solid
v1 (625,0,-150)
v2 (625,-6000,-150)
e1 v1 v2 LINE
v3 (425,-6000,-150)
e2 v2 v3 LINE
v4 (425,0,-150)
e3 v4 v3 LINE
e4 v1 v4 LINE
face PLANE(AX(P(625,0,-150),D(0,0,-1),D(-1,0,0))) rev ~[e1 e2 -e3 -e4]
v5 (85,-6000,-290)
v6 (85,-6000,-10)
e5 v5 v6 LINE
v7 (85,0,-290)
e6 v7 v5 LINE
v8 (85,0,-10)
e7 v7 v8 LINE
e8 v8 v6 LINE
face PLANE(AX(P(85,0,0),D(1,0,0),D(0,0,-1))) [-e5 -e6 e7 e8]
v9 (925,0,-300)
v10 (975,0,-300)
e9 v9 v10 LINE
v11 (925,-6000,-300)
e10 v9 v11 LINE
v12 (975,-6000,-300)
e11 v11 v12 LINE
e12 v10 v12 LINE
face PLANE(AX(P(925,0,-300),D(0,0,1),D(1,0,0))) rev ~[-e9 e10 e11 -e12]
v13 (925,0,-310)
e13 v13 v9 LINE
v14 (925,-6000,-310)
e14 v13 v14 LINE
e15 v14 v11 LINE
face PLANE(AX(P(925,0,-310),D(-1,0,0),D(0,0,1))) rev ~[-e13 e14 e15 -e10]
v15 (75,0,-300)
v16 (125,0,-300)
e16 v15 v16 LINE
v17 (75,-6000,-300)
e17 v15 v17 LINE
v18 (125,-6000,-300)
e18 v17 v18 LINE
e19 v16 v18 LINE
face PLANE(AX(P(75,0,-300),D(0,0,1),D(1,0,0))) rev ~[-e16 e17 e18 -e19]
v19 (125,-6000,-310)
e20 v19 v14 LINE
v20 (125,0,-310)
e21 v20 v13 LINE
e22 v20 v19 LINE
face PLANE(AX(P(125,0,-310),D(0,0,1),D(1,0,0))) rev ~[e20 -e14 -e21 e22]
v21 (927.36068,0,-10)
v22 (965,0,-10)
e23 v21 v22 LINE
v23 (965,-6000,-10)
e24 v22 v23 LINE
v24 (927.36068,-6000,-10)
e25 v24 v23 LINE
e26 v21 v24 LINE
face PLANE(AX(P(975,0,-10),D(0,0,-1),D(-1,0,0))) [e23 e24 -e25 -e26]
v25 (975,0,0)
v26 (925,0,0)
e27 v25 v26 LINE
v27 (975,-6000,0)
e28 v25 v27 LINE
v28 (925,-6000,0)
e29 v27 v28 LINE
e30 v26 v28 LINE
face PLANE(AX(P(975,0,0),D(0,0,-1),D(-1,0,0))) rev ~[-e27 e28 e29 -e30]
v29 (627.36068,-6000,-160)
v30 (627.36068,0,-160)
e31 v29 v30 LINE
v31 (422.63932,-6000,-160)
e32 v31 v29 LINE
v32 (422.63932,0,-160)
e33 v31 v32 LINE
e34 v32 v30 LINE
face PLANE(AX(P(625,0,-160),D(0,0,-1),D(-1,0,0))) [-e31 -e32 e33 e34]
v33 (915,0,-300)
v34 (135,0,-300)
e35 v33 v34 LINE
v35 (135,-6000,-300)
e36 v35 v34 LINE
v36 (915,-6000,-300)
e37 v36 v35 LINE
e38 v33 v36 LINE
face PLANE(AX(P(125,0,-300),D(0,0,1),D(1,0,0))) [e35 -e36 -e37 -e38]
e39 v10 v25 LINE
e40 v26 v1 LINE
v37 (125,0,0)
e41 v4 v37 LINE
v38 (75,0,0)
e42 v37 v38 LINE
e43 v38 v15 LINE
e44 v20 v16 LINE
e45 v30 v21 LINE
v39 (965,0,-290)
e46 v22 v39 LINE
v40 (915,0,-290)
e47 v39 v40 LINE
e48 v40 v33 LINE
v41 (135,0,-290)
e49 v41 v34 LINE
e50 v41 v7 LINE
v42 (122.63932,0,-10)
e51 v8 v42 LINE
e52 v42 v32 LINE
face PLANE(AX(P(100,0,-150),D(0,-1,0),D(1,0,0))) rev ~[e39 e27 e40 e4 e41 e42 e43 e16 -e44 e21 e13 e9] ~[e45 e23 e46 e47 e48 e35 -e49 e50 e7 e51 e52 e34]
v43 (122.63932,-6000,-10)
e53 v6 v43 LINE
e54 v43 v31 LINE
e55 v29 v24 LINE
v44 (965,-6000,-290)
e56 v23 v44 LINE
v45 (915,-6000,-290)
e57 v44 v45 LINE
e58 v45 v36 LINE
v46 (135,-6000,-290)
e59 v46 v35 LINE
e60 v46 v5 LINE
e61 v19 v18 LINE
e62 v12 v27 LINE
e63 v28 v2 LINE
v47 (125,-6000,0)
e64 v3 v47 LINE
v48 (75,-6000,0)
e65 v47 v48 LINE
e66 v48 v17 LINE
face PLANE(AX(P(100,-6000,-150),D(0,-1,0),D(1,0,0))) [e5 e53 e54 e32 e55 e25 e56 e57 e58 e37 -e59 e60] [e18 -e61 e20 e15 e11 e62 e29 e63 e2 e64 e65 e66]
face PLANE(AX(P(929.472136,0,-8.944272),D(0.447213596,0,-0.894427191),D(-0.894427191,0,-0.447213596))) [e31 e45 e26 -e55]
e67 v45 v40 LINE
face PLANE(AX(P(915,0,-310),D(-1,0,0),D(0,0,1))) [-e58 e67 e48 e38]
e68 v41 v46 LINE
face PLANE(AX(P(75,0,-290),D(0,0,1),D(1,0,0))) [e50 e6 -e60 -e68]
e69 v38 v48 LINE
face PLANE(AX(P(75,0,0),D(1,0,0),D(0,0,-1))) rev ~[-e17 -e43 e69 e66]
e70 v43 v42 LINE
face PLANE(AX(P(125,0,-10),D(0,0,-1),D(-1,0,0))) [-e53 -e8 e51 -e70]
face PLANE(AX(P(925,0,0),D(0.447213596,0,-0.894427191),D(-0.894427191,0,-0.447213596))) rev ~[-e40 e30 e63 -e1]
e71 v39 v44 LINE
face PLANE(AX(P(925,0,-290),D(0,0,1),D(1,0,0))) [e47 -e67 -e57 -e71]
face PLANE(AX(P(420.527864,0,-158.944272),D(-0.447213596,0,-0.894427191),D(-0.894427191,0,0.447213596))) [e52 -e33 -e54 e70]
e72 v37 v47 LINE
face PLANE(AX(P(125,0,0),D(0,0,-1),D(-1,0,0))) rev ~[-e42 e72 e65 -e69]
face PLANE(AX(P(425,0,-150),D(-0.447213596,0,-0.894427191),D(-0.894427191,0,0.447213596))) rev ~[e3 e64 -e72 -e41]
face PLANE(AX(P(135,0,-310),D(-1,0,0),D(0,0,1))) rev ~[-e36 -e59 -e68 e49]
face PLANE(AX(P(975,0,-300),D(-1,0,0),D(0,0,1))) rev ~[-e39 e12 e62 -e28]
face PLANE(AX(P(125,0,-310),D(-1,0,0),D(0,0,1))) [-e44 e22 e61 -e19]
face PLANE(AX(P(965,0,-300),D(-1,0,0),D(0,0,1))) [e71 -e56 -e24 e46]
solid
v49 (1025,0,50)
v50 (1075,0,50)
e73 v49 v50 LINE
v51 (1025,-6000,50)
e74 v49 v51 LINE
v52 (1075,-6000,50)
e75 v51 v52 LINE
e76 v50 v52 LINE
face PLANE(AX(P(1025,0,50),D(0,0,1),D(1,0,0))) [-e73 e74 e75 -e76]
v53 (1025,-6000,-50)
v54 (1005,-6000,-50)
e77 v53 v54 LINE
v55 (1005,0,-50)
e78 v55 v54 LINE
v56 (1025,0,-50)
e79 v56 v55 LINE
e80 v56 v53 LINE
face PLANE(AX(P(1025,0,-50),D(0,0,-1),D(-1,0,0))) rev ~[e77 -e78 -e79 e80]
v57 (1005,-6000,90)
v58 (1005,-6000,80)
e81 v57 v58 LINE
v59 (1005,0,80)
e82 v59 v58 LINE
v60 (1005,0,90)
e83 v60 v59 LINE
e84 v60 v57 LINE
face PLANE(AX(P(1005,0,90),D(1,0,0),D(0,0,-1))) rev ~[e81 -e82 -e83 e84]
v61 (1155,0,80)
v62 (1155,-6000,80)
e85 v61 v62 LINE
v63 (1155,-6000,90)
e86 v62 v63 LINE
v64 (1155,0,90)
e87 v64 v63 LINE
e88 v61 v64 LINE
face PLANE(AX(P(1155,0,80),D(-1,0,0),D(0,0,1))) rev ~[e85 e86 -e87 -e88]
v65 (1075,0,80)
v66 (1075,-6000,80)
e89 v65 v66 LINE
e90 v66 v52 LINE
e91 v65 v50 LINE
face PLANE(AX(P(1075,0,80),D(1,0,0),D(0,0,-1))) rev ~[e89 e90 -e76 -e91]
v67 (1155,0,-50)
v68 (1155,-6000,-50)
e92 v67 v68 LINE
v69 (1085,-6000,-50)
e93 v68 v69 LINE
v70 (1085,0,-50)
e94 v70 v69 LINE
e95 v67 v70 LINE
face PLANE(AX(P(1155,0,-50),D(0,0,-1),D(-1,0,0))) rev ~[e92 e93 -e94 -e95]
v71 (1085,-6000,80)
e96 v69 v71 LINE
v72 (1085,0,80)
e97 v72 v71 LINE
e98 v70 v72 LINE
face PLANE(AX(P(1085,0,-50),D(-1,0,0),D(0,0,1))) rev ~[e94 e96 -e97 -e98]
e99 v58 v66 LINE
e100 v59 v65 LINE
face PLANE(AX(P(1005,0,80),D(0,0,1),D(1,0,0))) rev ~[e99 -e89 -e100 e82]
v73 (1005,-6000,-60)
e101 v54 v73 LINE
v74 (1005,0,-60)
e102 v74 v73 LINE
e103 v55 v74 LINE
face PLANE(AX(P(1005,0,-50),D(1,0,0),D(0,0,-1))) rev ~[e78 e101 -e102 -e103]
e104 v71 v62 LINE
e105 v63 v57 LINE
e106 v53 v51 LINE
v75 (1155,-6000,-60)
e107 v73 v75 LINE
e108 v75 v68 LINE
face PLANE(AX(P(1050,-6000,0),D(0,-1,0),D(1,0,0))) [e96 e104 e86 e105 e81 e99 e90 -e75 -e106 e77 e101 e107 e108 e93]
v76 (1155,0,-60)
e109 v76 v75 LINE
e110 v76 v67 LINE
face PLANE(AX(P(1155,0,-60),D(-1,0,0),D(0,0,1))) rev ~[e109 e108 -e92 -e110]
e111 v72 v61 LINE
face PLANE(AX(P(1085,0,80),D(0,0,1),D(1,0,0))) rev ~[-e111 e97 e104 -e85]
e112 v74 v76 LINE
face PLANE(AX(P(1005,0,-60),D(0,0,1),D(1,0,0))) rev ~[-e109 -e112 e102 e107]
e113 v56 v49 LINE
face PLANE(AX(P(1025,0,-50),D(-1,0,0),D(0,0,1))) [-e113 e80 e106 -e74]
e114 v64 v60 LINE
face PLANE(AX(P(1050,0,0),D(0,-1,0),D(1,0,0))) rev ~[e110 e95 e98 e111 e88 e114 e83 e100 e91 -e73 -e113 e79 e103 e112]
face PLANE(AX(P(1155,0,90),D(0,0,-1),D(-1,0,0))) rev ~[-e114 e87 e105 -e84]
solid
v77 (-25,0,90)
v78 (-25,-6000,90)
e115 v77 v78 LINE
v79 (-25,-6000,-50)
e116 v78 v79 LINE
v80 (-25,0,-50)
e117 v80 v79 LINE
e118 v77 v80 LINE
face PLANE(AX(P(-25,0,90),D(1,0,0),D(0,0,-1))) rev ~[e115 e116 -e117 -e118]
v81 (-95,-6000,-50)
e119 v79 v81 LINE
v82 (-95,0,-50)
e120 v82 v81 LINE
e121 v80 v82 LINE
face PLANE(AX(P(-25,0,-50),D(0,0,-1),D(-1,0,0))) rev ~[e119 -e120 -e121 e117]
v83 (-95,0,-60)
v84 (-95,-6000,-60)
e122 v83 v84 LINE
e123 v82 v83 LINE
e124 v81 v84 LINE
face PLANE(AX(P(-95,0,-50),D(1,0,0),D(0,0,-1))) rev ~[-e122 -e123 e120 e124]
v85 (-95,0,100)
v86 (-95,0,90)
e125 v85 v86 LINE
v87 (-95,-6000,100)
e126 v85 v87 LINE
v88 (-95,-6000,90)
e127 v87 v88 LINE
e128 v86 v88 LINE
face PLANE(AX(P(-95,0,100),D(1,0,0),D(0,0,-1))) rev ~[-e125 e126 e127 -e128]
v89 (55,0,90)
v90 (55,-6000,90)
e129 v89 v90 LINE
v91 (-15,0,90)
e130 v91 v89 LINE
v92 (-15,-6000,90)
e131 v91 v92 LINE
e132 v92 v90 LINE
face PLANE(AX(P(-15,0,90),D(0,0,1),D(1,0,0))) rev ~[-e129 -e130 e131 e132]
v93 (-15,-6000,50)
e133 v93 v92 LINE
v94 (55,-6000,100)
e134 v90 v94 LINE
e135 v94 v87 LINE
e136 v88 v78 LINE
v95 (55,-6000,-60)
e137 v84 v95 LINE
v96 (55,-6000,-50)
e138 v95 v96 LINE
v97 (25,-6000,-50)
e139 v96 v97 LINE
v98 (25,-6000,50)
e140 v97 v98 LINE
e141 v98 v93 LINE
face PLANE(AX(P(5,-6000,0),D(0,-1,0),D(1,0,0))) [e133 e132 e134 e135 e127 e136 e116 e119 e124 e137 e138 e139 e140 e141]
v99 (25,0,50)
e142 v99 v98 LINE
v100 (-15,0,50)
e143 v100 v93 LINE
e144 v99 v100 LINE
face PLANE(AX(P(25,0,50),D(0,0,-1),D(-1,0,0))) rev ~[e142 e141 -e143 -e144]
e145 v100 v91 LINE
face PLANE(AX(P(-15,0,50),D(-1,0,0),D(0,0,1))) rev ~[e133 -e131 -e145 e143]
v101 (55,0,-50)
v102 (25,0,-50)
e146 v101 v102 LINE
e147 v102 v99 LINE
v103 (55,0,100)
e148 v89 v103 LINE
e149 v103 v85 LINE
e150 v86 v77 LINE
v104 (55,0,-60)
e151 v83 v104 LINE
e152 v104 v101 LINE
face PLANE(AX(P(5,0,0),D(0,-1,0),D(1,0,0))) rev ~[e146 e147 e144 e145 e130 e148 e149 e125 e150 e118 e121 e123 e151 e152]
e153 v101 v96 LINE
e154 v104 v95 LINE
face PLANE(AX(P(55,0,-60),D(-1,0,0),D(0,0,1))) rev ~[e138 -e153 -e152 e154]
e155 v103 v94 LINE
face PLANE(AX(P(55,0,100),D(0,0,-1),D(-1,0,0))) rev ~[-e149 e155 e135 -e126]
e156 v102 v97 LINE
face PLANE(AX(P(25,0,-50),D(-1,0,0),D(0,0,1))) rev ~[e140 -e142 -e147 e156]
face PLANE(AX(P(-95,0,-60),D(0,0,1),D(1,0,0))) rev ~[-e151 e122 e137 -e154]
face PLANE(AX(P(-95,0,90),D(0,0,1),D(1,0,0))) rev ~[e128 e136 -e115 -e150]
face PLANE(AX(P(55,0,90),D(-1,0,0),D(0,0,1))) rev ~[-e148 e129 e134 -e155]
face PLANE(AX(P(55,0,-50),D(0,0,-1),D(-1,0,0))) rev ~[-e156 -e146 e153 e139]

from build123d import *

# Parameters (mm, degrees)
F0_W     = 40
F0_H     = 100
F0_W_2   = 10
F0_H_2   = 40
F1_DEPTH = 6000
F0_W_3   = 50
F0_W_4   = 800
F0_H_3   = 10
F2_T     = -10


with BuildPart() as f1:
    # F0 (on Front) → F1 (new body)
    with BuildSketch(Plane.XZ):
        with Locations((5, 0)):
            Rectangle(F0_W, F0_H)
        with Locations((-20, 0)):
            Rectangle(F0_W_2, F0_H)
        with Locations((-20, 70)):
            Rectangle(F0_W_2, F0_H_2)
        Polygon((55, -50), (25, -50), (-15, -50), (-25, -50), (-95, -50), (-95, -60), (55, -60), align=None)
        Polygon((-25, 90), (-15, 90), (55, 90), (55, 100), (-95, 100), (-95, 90), align=None)
    extrude(amount=F1_DEPTH)


with BuildPart() as f1b:
    # F0 (on Front) → F1, piece 2 (new body)
    with BuildSketch(Plane.XZ):
        with Locations((1050, 0)):
            Rectangle(F0_W_3, F0_H)
        Polygon((1075, 80), (1075, 50), (1075, -50), (1025, -50), (1005, -50), (1005, -60), (1155, -60), (1155, -50), (1085, -50), (1085, 80), (1155, 80), (1155, 90), (1005, 90), (1005, 80), align=None)
    extrude(amount=F1_DEPTH)


with BuildPart() as f1c:
    # F0 (on Front) → F1, piece 3 (new body)
    with BuildSketch(Plane.XZ):
        Polygon((125, 0), (75, 0), (75, -300), (125, -300), (125, -10), align=None)
        Polygon((425, -150), (125, 0), (125, -10), (425, -160), (625, -160), (925, -10), (925, 0), (625, -150), align=None)
        Polygon((125, -10), (125, -300), (925, -300), (925, -10), (625, -160), (425, -160), align=None)
        with Locations((525, -305)):
            Rectangle(F0_W_4, F0_H_3)
        Polygon((925, -10), (925, -300), (975, -300), (975, 0), (925, 0), align=None)
    extrude(amount=F1_DEPTH)

    # F2
    f2_openings = [f1c.faces().sort_by_distance(p)[0] for p in [
        (525, 0, -189.359606),
        (525, -6000, -189.359606),
    ]]
    offset(amount=F2_T, openings=f2_openings, kind=Kind.INTERSECTION)


solid = Compound([f1.part, f1b.part, f1c.part])
